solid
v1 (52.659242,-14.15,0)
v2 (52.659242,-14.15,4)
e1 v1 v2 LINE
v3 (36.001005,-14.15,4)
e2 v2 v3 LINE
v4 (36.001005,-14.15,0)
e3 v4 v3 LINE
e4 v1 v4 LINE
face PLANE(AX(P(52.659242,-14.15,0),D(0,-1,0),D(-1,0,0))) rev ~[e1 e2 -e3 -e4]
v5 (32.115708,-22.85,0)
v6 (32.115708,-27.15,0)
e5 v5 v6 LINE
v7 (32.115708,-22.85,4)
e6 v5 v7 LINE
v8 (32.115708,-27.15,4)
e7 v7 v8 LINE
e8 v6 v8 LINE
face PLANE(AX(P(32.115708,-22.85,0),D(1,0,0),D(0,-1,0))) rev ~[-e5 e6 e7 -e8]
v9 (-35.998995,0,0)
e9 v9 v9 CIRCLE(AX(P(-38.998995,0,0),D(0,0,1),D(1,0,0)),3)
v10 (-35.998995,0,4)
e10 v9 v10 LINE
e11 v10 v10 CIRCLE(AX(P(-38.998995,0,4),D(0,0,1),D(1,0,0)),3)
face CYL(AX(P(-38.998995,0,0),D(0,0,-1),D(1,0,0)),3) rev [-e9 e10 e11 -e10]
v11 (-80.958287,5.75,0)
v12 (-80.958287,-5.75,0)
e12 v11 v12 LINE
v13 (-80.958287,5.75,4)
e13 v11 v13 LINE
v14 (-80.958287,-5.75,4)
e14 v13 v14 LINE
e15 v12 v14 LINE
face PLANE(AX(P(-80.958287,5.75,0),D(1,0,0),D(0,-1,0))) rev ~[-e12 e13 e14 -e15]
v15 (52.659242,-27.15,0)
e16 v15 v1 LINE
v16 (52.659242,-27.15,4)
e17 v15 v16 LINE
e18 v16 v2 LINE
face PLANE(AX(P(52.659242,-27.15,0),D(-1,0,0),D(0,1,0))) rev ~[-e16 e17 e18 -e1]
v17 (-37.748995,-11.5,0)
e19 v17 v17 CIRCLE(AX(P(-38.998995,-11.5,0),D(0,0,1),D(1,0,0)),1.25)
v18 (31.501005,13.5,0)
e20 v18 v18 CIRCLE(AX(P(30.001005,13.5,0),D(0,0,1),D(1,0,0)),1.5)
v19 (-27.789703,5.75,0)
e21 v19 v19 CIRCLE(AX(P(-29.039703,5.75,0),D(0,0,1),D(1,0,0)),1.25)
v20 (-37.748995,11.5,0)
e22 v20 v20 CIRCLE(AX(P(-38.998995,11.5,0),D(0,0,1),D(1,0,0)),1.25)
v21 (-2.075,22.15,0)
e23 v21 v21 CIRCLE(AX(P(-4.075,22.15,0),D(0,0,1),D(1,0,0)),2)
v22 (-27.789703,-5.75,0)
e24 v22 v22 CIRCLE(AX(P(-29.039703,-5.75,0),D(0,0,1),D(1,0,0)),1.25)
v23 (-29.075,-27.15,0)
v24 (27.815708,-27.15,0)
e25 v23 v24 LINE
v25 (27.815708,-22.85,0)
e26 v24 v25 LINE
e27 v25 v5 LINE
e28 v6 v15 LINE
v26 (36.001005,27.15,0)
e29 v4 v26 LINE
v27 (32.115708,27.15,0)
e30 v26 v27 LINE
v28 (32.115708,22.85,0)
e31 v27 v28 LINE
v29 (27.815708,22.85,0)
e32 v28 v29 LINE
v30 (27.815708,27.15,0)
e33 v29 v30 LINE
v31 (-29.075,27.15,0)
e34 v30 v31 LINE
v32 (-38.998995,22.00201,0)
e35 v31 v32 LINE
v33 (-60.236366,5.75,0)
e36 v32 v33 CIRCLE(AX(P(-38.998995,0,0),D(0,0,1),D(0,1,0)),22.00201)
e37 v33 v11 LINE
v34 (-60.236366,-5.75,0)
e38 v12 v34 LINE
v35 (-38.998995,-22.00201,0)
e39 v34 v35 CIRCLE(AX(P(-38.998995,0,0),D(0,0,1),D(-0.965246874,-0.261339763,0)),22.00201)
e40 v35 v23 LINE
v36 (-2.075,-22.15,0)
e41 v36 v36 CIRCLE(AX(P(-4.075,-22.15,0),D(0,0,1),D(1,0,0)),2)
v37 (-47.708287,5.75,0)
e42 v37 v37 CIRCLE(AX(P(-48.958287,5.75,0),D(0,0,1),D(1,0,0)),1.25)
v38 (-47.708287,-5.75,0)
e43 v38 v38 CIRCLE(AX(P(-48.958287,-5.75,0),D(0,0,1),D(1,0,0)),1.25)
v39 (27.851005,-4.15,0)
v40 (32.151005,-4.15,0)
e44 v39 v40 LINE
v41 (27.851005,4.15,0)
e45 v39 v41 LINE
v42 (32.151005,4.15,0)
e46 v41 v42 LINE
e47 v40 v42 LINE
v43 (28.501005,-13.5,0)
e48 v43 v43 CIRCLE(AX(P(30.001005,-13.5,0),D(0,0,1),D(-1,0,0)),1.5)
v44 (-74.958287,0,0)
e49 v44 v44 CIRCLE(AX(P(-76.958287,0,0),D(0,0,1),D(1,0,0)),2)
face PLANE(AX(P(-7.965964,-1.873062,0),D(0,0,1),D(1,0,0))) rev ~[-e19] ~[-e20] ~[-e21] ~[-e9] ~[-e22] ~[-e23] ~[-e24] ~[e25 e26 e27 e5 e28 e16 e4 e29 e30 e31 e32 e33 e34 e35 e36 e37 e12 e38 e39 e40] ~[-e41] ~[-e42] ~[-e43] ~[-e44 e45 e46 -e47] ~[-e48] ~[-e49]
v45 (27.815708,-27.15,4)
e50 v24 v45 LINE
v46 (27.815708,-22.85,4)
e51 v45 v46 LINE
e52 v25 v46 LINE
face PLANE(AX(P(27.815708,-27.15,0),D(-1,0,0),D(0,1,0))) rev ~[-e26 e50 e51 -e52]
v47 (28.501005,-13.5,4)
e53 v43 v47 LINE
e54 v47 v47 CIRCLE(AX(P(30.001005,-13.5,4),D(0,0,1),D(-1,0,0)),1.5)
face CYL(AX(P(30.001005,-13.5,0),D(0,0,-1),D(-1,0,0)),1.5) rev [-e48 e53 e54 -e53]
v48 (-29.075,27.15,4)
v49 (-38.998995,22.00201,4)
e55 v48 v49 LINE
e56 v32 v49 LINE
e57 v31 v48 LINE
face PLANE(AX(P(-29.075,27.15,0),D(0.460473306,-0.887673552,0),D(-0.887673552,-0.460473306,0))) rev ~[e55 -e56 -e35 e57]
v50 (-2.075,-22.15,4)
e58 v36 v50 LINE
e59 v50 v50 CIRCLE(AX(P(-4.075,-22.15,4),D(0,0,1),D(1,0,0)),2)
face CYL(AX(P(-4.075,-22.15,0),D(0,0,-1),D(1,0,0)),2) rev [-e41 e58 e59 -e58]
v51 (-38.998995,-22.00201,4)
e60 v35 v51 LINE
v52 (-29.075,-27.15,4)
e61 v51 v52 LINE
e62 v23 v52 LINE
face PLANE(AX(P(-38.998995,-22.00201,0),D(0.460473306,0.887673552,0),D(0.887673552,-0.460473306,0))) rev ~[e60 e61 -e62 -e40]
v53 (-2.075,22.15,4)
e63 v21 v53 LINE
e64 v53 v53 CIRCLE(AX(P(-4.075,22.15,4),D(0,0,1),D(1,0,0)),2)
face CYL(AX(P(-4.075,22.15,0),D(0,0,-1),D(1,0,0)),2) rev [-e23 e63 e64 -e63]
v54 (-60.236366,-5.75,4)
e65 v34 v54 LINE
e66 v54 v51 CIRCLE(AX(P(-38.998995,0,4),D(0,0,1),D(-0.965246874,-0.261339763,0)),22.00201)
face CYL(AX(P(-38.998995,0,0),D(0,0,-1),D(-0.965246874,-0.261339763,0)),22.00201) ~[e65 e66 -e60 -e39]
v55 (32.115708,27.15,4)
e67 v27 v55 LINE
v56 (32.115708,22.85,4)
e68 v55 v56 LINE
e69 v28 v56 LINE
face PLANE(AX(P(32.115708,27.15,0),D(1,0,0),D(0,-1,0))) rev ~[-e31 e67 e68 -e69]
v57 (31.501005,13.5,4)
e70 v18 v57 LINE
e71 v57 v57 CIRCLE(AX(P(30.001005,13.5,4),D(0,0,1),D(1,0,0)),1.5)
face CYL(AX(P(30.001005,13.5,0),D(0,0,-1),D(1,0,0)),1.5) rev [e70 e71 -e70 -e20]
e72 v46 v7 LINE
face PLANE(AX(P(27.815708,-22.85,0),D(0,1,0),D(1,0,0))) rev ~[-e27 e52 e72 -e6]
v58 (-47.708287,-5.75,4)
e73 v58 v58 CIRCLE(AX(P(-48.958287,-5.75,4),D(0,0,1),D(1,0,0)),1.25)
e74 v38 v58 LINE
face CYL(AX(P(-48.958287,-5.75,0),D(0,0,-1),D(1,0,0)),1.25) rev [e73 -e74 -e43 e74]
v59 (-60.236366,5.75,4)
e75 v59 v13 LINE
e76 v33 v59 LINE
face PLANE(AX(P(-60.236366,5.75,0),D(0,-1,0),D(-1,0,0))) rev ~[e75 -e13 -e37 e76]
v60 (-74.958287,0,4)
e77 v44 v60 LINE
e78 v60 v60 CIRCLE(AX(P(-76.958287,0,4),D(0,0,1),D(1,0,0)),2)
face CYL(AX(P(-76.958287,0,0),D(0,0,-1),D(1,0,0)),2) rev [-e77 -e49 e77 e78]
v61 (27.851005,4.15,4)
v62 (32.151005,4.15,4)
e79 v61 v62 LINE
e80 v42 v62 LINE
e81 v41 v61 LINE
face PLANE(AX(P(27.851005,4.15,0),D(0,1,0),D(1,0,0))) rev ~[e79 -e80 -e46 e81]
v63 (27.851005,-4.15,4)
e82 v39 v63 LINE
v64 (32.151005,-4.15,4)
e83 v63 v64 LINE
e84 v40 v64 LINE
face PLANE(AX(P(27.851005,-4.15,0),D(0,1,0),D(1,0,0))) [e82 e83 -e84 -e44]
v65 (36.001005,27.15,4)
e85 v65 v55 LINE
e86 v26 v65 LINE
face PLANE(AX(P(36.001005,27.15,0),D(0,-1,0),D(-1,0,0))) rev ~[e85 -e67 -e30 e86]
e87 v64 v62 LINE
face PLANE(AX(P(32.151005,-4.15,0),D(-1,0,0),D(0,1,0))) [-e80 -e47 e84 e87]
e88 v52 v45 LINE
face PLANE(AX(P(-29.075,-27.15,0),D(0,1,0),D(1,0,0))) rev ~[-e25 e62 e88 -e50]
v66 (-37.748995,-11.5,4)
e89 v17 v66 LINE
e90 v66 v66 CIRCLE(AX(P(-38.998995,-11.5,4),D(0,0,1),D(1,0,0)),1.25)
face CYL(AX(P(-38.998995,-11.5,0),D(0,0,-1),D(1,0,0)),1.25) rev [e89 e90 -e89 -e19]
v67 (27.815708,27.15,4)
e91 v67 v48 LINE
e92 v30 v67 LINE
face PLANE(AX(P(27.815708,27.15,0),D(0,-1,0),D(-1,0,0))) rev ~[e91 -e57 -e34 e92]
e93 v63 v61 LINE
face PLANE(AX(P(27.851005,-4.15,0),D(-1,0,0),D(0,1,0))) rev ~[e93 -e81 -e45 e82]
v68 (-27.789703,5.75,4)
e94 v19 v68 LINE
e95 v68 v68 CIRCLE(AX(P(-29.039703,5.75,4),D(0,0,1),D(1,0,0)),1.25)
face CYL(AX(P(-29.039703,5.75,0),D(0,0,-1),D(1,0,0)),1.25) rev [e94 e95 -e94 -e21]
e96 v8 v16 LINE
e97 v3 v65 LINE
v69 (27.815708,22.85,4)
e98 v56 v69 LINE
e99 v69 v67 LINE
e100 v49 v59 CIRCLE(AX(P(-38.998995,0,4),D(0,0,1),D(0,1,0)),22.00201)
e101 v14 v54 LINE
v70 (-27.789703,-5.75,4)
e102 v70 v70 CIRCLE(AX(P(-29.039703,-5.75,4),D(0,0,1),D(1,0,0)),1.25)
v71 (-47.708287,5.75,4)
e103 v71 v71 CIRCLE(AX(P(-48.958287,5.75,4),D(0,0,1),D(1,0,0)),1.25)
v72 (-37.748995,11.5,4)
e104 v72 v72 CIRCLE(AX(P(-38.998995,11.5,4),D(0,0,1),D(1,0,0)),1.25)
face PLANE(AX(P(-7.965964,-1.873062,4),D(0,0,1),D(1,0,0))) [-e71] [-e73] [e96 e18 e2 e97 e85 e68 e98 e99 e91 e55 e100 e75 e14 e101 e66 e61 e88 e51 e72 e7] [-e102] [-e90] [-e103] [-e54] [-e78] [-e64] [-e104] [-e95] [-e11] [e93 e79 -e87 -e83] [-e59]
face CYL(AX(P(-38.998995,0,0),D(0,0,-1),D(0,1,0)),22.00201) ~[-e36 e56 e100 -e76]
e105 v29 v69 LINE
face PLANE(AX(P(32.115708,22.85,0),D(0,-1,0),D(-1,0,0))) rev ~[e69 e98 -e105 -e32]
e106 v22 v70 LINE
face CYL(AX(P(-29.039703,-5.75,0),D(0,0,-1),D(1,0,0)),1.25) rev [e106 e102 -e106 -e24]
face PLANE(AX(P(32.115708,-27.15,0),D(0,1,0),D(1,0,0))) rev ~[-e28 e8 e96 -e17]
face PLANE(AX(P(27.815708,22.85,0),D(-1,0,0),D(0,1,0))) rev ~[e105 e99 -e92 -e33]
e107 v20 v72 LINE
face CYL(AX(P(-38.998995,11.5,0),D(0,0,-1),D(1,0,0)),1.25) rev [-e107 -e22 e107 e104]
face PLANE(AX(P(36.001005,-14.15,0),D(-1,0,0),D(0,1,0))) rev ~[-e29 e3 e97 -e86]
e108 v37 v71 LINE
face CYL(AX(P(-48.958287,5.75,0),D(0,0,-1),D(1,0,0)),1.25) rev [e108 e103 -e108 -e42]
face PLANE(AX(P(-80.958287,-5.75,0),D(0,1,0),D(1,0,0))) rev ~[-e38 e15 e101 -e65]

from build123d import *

# Parameters (mm, degrees)
SKETCH_1_R      = 1.5
SKETCH_1_R_2    = 3
SKETCH_1_R_3    = 1.25
SKETCH_1_R_4    = 2
SKETCH_1_W      = 4.3
SKETCH_1_H      = 8.3
EXTRUDE_1_DEPTH = 4


with BuildPart() as part:
    # 草图1 → 凸台-拉伸1 (new body)
    with BuildSketch(Plane.XY):
        with BuildLine():
            Line((32.115707856, 27.15), (32.115707856, 22.85))
            Line((32.115707856, 22.85), (27.815707856, 22.85))
            Line((27.815707856, 22.85), (27.815707856, 27.15))
            Line((27.815707856, 27.15), (-29.075, 27.15))
            Line((-29.075, 27.15), (-38.998995168, 22.002009663))
            ThreePointArc((-38.998995168, 22.002009663), (-52.370174504, 17.472835843), (-60.236366221, 5.75))
            Line((-60.236366221, 5.75), (-80.958287312, 5.75))
            Line((-80.958287312, 5.75), (-80.958287312, -5.75))
            Line((-80.958287312, -5.75), (-60.236366221, -5.75))
            ThreePointArc((-60.236366221, -5.75), (-52.370174504, -17.472835843), (-38.998995168, -22.002009663))
            Line((-38.998995168, -22.002009663), (-29.075, -27.15))
            Line((-29.075, -27.15), (27.815707856, -27.15))
            Line((27.815707856, -27.15), (27.815707856, -22.85))
            Line((27.815707856, -22.85), (32.115707856, -22.85))
            Line((32.115707856, -22.85), (32.115707856, -27.15))
            Line((32.115707856, -27.15), (36.001004832, -27.15))
            Line((36.001004832, -27.15), (52.659242152, -27.15))
            Line((52.659242152, -27.15), (52.659242152, -14.15))
            Line((52.659242152, -14.15), (36.001004832, -14.15))
            Line((36.001004832, -14.15), (36.001004832, 27.15))
            Line((36.001004832, 27.15), (32.115707856, 27.15))
        make_face()
        with Locations((30.001004832, 13.5)):
            Circle(SKETCH_1_R, mode=Mode.SUBTRACT)
        with Locations(Location((30.001004832, -13.5, 0), (0, 0, 180))):
            Circle(SKETCH_1_R, mode=Mode.SUBTRACT)
        with Locations((-38.998995168, 0)):
            Circle(SKETCH_1_R_2, mode=Mode.SUBTRACT)
        with Locations((-38.998995168, -11.5)):
            Circle(SKETCH_1_R_3, mode=Mode.SUBTRACT)
        with Locations((-48.958287312, -5.75)):
            Circle(SKETCH_1_R_3, mode=Mode.SUBTRACT)
        with Locations((-48.958287312, 5.75)):
            Circle(SKETCH_1_R_3, mode=Mode.SUBTRACT)
        with Locations((-38.998995168, 11.5)):
            Circle(SKETCH_1_R_3, mode=Mode.SUBTRACT)
        with Locations((-29.039703025, 5.75)):
            Circle(SKETCH_1_R_3, mode=Mode.SUBTRACT)
        with Locations((-29.039703025, -5.75)):
            Circle(SKETCH_1_R_3, mode=Mode.SUBTRACT)
        with Locations((-4.075, -22.15)):
            Circle(SKETCH_1_R_4, mode=Mode.SUBTRACT)
        with Locations((-4.075, 22.15)):
            Circle(SKETCH_1_R_4, mode=Mode.SUBTRACT)
        with Locations((-76.958287312, 0)):
            Circle(SKETCH_1_R_4, mode=Mode.SUBTRACT)
        with Locations((30.001004832, 0)):
            Rectangle(SKETCH_1_W, SKETCH_1_H, mode=Mode.SUBTRACT)
    extrude(amount=EXTRUDE_1_DEPTH)


solid = part.part
